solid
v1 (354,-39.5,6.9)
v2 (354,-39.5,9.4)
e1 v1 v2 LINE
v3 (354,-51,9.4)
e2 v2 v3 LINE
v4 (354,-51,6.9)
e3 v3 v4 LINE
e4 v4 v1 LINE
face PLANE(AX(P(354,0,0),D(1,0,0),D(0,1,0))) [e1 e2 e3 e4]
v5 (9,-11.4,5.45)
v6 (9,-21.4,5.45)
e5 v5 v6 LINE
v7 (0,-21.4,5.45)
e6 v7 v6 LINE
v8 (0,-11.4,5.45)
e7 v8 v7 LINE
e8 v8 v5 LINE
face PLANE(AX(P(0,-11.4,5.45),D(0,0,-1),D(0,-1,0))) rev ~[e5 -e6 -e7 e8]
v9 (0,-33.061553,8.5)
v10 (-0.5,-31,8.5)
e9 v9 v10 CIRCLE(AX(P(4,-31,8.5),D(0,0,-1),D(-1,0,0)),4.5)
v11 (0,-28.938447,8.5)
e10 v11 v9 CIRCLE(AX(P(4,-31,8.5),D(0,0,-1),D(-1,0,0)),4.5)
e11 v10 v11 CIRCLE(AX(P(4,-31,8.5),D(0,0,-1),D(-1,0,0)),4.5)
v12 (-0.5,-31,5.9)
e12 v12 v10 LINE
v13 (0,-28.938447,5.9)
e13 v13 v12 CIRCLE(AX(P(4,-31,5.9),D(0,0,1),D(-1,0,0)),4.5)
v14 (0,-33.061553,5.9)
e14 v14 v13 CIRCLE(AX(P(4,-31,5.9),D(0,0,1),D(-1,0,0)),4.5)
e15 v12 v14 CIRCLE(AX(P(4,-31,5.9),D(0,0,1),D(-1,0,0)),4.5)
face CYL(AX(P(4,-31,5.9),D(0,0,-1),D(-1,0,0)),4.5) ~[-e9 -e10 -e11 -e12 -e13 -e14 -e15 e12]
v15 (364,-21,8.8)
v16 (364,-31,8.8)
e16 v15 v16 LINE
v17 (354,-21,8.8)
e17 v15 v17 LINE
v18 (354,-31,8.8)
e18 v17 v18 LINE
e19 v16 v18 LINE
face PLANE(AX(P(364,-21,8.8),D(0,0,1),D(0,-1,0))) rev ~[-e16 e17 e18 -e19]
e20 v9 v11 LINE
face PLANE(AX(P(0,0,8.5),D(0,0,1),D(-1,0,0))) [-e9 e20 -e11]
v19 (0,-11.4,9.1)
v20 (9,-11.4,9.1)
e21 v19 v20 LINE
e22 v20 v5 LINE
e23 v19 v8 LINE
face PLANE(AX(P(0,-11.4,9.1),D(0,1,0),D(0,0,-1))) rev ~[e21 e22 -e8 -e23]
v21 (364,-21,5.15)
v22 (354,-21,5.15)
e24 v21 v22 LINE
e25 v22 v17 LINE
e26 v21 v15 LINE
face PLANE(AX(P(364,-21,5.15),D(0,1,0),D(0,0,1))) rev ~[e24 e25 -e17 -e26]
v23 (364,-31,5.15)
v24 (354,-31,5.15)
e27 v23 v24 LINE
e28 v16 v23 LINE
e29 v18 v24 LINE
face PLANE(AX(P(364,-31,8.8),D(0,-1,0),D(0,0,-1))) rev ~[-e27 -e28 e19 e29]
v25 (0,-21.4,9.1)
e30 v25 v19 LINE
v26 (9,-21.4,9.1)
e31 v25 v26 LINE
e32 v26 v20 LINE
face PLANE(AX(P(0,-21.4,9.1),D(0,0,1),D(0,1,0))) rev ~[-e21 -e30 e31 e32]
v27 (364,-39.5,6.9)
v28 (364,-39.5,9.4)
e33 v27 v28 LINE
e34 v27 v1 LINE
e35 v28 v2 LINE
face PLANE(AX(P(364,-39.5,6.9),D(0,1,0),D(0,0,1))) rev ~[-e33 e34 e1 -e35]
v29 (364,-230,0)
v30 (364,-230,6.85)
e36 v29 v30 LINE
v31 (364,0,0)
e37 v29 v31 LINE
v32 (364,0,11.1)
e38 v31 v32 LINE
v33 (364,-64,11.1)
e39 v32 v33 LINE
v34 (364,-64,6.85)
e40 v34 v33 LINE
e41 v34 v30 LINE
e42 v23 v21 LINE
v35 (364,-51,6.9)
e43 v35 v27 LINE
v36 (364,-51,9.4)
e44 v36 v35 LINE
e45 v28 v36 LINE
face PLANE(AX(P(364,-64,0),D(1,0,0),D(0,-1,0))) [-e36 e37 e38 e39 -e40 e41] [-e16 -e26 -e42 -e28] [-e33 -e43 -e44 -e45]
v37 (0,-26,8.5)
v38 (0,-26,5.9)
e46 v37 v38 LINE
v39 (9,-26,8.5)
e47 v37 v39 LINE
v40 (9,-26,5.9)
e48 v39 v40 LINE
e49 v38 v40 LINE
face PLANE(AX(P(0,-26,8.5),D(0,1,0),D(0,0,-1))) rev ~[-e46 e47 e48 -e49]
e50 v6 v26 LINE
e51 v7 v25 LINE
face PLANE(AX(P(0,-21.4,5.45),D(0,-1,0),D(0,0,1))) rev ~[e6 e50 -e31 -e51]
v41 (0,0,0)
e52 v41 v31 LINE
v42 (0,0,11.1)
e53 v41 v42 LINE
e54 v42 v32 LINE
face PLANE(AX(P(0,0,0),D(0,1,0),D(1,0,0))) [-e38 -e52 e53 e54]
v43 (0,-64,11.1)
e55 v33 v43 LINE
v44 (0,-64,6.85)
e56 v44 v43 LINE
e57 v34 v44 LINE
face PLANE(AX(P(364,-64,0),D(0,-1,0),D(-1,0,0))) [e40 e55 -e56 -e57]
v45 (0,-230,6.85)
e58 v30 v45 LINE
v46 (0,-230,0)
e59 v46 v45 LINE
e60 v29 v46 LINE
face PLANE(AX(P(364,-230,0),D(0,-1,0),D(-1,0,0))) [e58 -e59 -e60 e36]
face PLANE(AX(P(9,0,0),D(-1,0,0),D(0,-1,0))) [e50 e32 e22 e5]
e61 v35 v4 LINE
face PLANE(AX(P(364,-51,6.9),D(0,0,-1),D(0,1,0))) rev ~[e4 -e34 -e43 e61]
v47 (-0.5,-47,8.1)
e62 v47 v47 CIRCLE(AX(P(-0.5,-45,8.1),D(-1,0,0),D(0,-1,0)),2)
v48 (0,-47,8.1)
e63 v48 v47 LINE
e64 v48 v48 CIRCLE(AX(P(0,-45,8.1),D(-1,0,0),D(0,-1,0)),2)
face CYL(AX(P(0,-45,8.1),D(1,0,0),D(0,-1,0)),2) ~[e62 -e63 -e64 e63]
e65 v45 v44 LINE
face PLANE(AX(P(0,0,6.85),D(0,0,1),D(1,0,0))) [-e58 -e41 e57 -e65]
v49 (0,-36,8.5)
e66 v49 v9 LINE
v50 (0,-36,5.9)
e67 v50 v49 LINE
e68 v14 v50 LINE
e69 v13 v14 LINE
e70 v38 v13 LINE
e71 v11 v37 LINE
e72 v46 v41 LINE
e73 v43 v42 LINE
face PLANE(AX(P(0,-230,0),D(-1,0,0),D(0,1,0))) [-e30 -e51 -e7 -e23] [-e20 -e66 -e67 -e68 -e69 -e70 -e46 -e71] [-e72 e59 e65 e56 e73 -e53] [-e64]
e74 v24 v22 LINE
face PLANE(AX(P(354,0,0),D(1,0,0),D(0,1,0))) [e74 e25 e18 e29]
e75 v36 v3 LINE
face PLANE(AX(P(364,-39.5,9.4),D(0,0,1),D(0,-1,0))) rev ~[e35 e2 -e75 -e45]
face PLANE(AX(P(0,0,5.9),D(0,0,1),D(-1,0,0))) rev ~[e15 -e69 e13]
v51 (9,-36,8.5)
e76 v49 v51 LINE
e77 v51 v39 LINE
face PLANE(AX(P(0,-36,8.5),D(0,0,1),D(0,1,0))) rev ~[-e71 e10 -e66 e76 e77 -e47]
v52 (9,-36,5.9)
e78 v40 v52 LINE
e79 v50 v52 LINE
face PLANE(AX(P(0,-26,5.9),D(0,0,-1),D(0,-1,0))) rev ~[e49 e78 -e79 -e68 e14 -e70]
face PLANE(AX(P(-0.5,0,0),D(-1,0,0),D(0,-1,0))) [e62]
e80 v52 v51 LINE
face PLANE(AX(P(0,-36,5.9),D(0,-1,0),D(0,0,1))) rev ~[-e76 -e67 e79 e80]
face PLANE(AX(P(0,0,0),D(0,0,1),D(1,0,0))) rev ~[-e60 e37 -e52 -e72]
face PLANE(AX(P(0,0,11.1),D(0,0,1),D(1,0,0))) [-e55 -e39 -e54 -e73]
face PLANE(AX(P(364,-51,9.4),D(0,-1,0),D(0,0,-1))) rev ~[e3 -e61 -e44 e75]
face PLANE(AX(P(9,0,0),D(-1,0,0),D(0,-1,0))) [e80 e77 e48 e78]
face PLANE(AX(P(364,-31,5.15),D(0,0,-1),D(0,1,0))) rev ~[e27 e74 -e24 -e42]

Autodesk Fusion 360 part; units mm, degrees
sketch "Sketch1" plane through (0, 0, 0) normal (0, 0, 1) x (1, 0, 0)
  line L0 (0, 0) -> (364, 0)
  line L1 (364, 0) -> (364, -230)
  line L2 (364, -230) -> (0, -230)
  line L3 (0, -230) -> (0, 0)
  line L4 (364, -64) -> (0, -64)
extrude "Extrude1" add sketch "Sketch1" along normal blind 6.85 contours L1 L2 L3 L4
extrude "Extrude2" add sketch "Sketch1" along normal blind 11.1 contours L0 L1 L3 L4
sketch "Sketch2" plane through (0, 0, 0) normal (-1, 0, 0) x (0, -1, 0)
  line L0 (0, 0) -> (230, 0)
  line L1 (230, 0) -> (230, 6.85)
  line L2 (230, 6.85) -> (64, 6.85)
  line L3 (64, 6.85) -> (64, 11.1)
  line L4 (64, 11.1) -> (0, 11.1)
  line L5 (0, 11.1) -> (0, 0)
  circle A0 centre (45, 8.1) radius 2
  line L6 (36, 8.5) -> (26, 8.5)
  line L7 (26, 8.5) -> (26, 5.9)
  line L8 (26, 5.9) -> (36, 5.9)
  line L9 (36, 5.9) -> (36, 8.5)
  line L10 (21.4, 9.1) -> (11.4, 9.1)
  line L11 (11.4, 9.1) -> (11.4, 5.45)
  line L12 (11.4, 5.45) -> (21.4, 5.45)
  line L13 (21.4, 5.45) -> (21.4, 9.1)
  dimension "d10" = 4
extrude "Extrude3" add sketch "Sketch2" along normal blind 0.5 contours A0
extrude "Extrude4" cut sketch "Sketch2" against normal blind 9 contours L6 L7 L8 L9 | L10 L11 L12 L13
sketch "Sketch3" plane through (0, 0, 5.9) normal (0, 0, 1) x (-1, 0, 0)
  line L0 (0, 26) -> (0, 36)
  line L1 (0, 36) -> (-9, 36)
  line L2 (-9, 36) -> (-9, 26)
  line L3 (-9, 26) -> (0, 26)
  circle A0 centre (-4, 31) radius 4.5
extrude "Extrude5" add sketch "Sketch3" along normal blind 2.6 contours L0 A0 | L0 A0
sketch "Sketch4" plane through (364, 0, 0) normal (1, 0, 0) x (0, 1, 0)
  line L0 (-230, 0) -> (0, 0)
  line L1 (0, 0) -> (0, 11.1)
  line L2 (0, 11.1) -> (-64, 11.1)
  line L3 (-64, 11.1) -> (-64, 6.85)
  line L4 (-64, 6.85) -> (-230, 6.85)
  line L5 (-230, 6.85) -> (-230, 0)
  line L6 (-21, 8.8) -> (-31, 8.8)
  line L7 (-31, 8.8) -> (-31, 5.15)
  line L8 (-31, 5.15) -> (-21, 5.15)
  line L9 (-21, 5.15) -> (-21, 8.8)
  line L10 (-39.5, 9.4) -> (-51, 9.4)
  line L11 (-51, 9.4) -> (-51, 6.9)
  line L12 (-51, 6.9) -> (-39.5, 6.9)
  line L13 (-39.5, 6.9) -> (-39.5, 9.4)
extrude "Extrude6" cut sketch "Sketch4" against normal blind 10 contours L6 L7 L8 L9 | L10 L11 L12 L13
